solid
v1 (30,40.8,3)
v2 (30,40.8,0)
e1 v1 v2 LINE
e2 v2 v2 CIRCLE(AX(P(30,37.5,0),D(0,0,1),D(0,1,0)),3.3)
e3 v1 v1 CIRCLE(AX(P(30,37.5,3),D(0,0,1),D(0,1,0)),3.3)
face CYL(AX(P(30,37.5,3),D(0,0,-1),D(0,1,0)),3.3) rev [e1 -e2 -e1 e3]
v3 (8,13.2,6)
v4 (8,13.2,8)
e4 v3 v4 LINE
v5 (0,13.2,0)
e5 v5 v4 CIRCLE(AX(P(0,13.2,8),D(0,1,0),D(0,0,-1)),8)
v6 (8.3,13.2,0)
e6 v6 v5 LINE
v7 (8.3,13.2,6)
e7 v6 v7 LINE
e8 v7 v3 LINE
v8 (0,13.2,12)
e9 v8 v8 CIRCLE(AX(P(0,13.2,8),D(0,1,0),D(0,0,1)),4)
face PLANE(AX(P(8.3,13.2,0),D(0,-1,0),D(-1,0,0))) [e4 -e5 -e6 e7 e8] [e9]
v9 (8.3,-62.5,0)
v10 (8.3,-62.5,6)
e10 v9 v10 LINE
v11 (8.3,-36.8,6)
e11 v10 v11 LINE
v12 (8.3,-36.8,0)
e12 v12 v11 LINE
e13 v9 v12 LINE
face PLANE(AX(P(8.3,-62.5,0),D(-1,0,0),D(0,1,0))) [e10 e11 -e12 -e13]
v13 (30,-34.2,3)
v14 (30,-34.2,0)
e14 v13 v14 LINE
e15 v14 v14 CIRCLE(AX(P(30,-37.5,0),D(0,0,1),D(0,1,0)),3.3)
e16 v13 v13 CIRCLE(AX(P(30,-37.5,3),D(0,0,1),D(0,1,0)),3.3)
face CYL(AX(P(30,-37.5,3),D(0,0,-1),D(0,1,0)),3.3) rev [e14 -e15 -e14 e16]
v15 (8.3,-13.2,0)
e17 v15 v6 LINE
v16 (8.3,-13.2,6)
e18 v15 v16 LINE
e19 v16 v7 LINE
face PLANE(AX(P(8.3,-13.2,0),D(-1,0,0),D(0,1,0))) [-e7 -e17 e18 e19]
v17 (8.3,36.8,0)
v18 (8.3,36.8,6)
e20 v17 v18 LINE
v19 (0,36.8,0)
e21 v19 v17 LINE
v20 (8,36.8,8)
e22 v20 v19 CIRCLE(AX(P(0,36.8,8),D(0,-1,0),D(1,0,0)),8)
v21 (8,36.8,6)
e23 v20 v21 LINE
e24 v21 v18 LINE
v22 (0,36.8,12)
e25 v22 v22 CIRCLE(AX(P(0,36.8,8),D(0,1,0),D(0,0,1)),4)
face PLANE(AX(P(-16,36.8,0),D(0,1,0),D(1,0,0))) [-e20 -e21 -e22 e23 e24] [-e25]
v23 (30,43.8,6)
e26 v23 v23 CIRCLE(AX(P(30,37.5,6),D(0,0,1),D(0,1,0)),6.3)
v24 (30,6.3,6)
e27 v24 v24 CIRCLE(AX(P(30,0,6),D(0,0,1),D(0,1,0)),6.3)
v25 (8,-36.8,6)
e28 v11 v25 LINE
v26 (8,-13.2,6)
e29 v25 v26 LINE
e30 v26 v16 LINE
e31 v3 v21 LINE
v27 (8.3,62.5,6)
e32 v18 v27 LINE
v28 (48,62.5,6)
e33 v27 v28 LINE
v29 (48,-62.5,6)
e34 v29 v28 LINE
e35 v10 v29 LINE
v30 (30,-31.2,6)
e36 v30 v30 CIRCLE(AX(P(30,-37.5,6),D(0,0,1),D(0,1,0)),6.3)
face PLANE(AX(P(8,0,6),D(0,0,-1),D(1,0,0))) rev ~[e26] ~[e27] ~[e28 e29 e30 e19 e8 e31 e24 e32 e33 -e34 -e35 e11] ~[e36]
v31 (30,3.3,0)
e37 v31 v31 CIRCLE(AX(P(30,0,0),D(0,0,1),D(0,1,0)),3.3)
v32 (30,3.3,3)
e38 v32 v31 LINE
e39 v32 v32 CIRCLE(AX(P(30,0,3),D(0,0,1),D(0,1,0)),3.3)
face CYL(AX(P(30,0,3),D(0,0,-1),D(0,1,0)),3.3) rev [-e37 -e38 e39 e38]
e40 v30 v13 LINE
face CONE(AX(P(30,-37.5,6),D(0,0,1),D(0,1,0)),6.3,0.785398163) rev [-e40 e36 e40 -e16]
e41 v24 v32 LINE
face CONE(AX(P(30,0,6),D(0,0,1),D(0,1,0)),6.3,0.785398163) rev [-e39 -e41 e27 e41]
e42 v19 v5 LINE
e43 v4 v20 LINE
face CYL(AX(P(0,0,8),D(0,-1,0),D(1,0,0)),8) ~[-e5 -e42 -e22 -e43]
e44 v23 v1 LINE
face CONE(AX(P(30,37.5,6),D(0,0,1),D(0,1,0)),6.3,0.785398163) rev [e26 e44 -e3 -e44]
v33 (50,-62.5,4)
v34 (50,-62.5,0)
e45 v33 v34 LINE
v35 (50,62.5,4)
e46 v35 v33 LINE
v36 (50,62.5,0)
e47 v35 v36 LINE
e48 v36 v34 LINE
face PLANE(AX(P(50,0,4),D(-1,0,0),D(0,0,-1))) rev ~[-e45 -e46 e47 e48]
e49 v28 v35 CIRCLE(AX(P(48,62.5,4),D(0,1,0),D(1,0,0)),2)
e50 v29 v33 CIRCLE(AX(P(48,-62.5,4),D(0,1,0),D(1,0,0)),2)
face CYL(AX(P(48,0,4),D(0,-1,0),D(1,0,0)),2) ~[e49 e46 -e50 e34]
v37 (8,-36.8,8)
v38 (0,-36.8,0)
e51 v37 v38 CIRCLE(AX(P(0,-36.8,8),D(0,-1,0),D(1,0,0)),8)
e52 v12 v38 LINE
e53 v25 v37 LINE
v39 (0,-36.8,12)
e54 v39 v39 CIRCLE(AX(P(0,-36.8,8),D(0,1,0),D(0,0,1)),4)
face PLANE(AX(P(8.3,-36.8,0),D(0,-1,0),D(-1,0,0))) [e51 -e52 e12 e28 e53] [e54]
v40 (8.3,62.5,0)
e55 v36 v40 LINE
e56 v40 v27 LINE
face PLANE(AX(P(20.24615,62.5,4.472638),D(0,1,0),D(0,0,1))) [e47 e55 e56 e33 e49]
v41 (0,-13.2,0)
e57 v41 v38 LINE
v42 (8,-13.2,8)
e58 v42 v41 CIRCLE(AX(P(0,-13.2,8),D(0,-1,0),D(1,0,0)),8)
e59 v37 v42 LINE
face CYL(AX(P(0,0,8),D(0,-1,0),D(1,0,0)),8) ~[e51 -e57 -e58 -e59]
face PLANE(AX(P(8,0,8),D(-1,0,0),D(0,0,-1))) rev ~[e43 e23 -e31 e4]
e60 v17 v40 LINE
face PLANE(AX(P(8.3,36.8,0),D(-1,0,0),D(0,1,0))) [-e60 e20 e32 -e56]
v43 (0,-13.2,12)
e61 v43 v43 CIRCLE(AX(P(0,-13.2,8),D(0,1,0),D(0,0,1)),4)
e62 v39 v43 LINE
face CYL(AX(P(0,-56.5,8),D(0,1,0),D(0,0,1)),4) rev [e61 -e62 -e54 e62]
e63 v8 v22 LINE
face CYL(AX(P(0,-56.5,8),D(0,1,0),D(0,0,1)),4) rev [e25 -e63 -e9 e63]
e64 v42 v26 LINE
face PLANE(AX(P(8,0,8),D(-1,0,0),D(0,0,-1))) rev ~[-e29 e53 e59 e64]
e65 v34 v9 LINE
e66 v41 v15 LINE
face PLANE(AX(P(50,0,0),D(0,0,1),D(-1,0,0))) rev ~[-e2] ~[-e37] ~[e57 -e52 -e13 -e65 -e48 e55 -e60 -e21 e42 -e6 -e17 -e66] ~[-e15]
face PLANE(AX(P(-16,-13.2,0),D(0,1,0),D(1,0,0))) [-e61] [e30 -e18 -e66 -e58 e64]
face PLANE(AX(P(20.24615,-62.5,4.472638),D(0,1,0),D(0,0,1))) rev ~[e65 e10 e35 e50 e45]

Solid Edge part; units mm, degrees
sketch "Sketch1" plane through (0, 0, 0) normal (0, -1, 0) x (1, 0, 0)
  arc A0 (0, 0) -> (8, 8) centre (0, 8) cw
  line L0 (8, 8) -> (8, 6)
  line L1 (8, 6) -> (48, 6)
  arc A1 (48, 6) -> (50, 4) centre (48, 4) cw
  line L2 (50, 4) -> (50, 0)
  line L3 (50, 0) -> (0, 0)
extrude "ExtrudedProtrusion_1" add sketch "Sketch1" against normal blind 62.5 and the other way blind 62.5
sketch "Sketch2" plane through (0, 0, 0) normal (0, 0, 1) x (1, 0, 0)
  line L0 (-21, 62.5) -> (-21, -62.5)
  line L1 (-21, -62.5) -> (8.3, -62.5)
  line L2 (8.3, -62.5) -> (8.3, -36.8)
  line L3 (8.3, -36.8) -> (-16, -36.8)
  line L4 (-16, -36.8) -> (-16, -13.2)
  line L5 (-16, -13.2) -> (8.3, -13.2)
  line L6 (8.3, -13.2) -> (8.3, 13.2)
  line L7 (8.3, 13.2) -> (-16, 13.2)
  line L8 (-16, 13.2) -> (-16, 36.8)
  line L9 (-16, 36.8) -> (8.3, 36.8)
  line L10 (8.3, 36.8) -> (8.3, 62.5)
  line L11 (8.3, 62.5) -> (-21, 62.5)
extrude "ExtrudedCutout_1" cut sketch "Sketch2" along normal blind 16
sketch "Sketch3" plane through (30, 0, 0) normal (1, 0, 0) x (0, 1, 0)
  line L0 (37.5, 6) -> (43.8, 6)
  line L1 (43.8, 6) -> (40.8, 3)
  line L2 (40.8, 3) -> (40.8, 0)
  line L3 (40.8, 0) -> (37.5, 0)
  line L4 (37.5, 0) -> (37.5, 6)
revolve "RevolvedCutout1" cut sketch "Sketch3" angle 360 about axis through (30, 37.5, 0) along (0, 0, 1)
sketch "Sketch4" plane through (30, 0, 0) normal (1, 0, 0) x (0, 1, 0)
  line L0 (-37.5, 6) -> (-31.2, 6)
  line L1 (-31.2, 6) -> (-34.2, 3)
  line L2 (-34.2, 3) -> (-34.2, 0)
  line L3 (-34.2, 0) -> (-37.5, 0)
  line L4 (-37.5, 0) -> (-37.5, 6)
revolve "RevolvedCutout2" cut sketch "Sketch4" angle 360 about axis through (30, -37.5, 0) along (0, 0, 1)
sketch "Sketch5" plane through (30, 0, 0) normal (1, 0, 0) x (0, 1, 0)
  line L0 (0, 6) -> (6.3, 6)
  line L1 (6.3, 6) -> (3.3, 3)
  line L2 (3.3, 3) -> (3.3, 0)
  line L3 (3.3, 0) -> (0, 0)
  line L4 (0, 0) -> (0, 6)
revolve "RevolvedCutout3" cut sketch "Sketch5" angle 360 about axis through (30, 0, 0) along (0, 0, 1)
sketch "Sketch6" plane through (0, 0, 0) normal (1, 0, 0) x (0, 1, 0)
  arc A0 (-60.5, 8) -> (-56.5, 12) centre (-56.5, 8) cw
  line L0 (-56.5, 12) -> (56.5, 12)
  arc A1 (56.5, 12) -> (60.5, 8) centre (56.5, 8) cw
  line L1 (60.5, 8) -> (-60.5, 8)
revolve "RevolvedCutout4" cut sketch "Sketch6" angle 360 about axis through (0, 60.5, 8) along (0, -1, 0)
